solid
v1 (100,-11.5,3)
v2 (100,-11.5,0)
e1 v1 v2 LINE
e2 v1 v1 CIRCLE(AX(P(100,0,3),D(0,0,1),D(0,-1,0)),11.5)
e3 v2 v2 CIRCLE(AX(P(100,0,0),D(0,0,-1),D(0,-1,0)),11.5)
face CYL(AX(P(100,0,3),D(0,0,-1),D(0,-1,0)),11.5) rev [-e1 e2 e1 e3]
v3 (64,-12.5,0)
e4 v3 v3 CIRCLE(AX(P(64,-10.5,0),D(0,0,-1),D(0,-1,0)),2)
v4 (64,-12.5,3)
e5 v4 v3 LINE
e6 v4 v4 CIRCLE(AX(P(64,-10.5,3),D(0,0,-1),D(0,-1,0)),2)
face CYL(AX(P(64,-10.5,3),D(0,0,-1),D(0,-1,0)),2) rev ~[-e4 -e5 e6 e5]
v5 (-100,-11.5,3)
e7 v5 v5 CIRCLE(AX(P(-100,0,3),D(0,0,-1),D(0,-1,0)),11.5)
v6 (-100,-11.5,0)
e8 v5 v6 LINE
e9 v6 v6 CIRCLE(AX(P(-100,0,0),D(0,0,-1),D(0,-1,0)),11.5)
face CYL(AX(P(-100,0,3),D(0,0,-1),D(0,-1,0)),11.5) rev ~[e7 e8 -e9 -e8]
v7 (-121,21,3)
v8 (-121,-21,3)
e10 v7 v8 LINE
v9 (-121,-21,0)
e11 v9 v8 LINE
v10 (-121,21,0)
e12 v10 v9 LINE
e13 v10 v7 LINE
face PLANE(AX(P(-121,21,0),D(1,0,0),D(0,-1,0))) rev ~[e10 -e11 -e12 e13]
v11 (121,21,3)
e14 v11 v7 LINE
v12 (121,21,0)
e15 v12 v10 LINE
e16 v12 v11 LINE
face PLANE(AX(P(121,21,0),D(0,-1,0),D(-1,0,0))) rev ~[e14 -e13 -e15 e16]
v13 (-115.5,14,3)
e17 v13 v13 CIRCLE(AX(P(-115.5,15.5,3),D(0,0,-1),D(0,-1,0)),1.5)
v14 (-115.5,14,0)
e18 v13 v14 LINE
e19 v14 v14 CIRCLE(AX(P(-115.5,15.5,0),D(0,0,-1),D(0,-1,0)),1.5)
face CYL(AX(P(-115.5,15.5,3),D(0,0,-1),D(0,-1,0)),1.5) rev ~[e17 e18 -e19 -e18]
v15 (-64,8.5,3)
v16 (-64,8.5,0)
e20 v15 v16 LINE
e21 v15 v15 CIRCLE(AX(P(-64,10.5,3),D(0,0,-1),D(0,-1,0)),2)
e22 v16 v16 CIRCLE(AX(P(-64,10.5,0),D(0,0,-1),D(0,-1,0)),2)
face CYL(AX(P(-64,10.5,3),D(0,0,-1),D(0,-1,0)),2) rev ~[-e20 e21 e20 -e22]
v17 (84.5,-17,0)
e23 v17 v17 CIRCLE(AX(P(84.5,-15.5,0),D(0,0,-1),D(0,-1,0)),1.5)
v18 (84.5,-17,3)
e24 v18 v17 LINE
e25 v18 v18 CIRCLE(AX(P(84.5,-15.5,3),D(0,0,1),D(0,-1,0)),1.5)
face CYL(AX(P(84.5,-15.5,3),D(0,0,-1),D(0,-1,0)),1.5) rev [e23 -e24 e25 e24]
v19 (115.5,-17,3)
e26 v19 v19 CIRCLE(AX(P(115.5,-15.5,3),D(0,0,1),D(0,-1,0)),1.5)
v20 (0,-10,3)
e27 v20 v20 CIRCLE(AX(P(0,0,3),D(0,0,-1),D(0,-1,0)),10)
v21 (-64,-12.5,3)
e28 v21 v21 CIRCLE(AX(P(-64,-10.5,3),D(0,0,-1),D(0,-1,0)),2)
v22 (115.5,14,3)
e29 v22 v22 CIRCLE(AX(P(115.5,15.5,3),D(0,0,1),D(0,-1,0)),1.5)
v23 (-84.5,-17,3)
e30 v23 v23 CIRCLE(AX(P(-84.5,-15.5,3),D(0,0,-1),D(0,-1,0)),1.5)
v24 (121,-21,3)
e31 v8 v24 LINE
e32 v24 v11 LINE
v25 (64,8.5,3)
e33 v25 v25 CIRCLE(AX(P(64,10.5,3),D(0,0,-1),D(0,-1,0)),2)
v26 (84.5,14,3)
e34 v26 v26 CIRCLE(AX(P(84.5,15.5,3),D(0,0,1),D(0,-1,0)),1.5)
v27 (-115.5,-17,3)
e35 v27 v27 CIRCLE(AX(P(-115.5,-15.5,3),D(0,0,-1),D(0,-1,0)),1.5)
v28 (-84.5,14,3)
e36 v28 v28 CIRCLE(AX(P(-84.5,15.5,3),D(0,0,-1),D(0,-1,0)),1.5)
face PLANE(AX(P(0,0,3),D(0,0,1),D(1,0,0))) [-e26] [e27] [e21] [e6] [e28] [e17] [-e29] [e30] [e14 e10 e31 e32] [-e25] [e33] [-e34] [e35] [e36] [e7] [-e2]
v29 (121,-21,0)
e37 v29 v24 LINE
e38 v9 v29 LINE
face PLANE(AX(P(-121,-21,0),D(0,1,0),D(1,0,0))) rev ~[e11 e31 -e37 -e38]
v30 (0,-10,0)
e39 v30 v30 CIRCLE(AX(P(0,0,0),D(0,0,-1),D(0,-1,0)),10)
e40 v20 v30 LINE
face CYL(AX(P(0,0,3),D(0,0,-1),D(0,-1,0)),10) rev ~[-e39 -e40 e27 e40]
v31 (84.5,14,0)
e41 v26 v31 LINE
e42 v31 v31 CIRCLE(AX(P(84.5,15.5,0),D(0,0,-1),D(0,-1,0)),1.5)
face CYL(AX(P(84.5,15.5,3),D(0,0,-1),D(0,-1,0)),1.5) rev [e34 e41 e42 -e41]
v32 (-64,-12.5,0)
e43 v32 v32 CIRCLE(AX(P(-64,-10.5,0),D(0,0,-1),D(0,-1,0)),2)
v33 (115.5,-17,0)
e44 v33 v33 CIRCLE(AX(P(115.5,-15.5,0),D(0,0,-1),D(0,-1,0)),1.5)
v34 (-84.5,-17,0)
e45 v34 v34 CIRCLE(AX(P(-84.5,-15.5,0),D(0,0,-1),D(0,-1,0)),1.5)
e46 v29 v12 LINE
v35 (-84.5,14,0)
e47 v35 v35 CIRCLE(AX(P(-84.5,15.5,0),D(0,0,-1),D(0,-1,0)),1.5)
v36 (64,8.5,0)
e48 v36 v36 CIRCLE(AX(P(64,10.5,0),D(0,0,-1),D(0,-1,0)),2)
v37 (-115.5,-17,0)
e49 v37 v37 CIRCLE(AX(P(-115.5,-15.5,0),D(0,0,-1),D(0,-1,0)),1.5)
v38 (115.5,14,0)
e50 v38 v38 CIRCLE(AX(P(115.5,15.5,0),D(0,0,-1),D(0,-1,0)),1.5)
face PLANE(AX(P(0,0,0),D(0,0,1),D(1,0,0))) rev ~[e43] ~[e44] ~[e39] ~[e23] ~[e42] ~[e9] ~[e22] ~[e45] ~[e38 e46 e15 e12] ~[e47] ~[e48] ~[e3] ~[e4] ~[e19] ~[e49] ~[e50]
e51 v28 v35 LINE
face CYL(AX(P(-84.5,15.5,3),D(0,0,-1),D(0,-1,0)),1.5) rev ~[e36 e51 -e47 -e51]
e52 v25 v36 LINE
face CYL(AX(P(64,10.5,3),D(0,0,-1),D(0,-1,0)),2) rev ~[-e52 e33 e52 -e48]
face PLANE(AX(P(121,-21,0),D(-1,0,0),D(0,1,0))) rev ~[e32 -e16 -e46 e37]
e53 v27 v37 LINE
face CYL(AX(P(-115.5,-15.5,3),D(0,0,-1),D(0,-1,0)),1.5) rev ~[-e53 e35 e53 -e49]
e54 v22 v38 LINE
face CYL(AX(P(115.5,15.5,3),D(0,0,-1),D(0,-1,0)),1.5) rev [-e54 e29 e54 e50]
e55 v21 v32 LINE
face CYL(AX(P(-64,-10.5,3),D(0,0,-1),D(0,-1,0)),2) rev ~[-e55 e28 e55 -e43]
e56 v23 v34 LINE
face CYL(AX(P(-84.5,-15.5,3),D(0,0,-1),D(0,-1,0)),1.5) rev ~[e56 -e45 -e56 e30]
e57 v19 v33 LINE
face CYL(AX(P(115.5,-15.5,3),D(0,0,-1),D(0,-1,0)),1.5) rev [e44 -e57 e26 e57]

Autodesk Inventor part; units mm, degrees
ref_plane "YZ Plane" through (0, 0, 0) normal (1, 0, 0) x (0, 1, 0)
ref_plane "XZ Plane" through (0, 0, 0) normal (0, 1, 0) x (-1, 0, 0)
ref_plane "XY Plane" through (0, 0, 0) normal (0, 0, 1) x (1, 0, 0)
sketch "Esboço1" plane through (0, 0, 0) normal (0, 0, 1) x (1, 0, 0)
  line L0 (-121, -21) -> (121, -21)
  line L1 (121, -21) -> (121, 21)
  line L2 (121, 21) -> (-121, 21)
  line L3 (-121, 21) -> (-121, -21)
  line L4 (-121, -21) -> (121, 21) construction
  line L5 (121, -21) -> (-121, 21) construction
  point P0 (0, 0)
  dimension "d0" = 242
  dimension "d1" = 42
extrude "Extrusão1" add sketch "Esboço1" along normal blind 3
sketch "Esboço2" plane through (0, 0, 3) normal (0, 0, 1) x (1, 0, 0)
  line L0 (121, 21) -> (-121, 21) projected
  line L1 (-121, 21) -> (-79, 21)
  line L2 (-79, 21) -> (-79, -21)
  line L3 (-79, -21) -> (-121, -21)
  line L4 (-121, -21) -> (-121, 21)
  line L5 (-115.5, -15.5) -> (-84.5, -15.5)
  line L6 (-84.5, -15.5) -> (-84.5, 15.5)
  line L7 (-84.5, 15.5) -> (-115.5, 15.5)
  line L8 (-115.5, 15.5) -> (-115.5, -15.5)
  line L9 (-115.5, -15.5) -> (-84.5, 15.5) construction
  line L10 (-84.5, -15.5) -> (-115.5, 15.5) construction
  point P0 (0, 0)
  point P1 (-100, 0)
  point P2 (-100, 21)
  point P3 (-100, 15.5)
  point P4 (-121, 0)
  point P5 (-115.5, 0)
  dimension "d4" = 42
  dimension "d5" = 42
  dimension "d6" = 31
  dimension "d7" = 31
hole "Furo1" at (-115.5, 15.5, 3) at (-84.5, 15.5, 3) at (-84.5, -15.5, 3) at (-115.5, -15.5, 3) direction (0, 0, -1) diameter 3 end through all
hole "Furo2" at (-100, 0, 3) direction (0, 0, -1) diameter 23 end through all
mirror "Espelhamento1" about plane through (0, 0, 0) normal (1, 0, 0) of "Furo1", "Furo2"
sketch "Esboço3" plane through (0, 0, 3) normal (0, 0, 1) x (1, 0, 0)
  circle A0 centre (64, 10.5) radius 1.621 projected
  circle A1 centre (64, -10.5) radius 1.621 projected
  circle A2 centre (-64, 10.5) radius 1.621 projected
  circle A3 centre (-64, -10.5) radius 1.621 projected
  point P0 (0, 0)
hole "Furo3" at (64, -10.5, 3) at (64, 10.5, 3) at (-64, 10.5, 3) at (-64, -10.5, 3) direction (0, 0, -1) diameter 4 end through all
sketch "Esboço4" plane through (0, 0, 3) normal (0, 0, 1) x (1, 0, 0)
  line L0 (121, 21) -> (-121, 21) projected
  line L1 (-121, 21) -> (-121, -21) projected
  point P0 (0, 0)
  point P1 (0, 0)
  dimension "d29" = 21
  dimension "d30" = 121
hole "Furo4" at (0, 0, 3) direction (0, 0, -1) diameter 20 end through all
properties part number "chapa lateral"
